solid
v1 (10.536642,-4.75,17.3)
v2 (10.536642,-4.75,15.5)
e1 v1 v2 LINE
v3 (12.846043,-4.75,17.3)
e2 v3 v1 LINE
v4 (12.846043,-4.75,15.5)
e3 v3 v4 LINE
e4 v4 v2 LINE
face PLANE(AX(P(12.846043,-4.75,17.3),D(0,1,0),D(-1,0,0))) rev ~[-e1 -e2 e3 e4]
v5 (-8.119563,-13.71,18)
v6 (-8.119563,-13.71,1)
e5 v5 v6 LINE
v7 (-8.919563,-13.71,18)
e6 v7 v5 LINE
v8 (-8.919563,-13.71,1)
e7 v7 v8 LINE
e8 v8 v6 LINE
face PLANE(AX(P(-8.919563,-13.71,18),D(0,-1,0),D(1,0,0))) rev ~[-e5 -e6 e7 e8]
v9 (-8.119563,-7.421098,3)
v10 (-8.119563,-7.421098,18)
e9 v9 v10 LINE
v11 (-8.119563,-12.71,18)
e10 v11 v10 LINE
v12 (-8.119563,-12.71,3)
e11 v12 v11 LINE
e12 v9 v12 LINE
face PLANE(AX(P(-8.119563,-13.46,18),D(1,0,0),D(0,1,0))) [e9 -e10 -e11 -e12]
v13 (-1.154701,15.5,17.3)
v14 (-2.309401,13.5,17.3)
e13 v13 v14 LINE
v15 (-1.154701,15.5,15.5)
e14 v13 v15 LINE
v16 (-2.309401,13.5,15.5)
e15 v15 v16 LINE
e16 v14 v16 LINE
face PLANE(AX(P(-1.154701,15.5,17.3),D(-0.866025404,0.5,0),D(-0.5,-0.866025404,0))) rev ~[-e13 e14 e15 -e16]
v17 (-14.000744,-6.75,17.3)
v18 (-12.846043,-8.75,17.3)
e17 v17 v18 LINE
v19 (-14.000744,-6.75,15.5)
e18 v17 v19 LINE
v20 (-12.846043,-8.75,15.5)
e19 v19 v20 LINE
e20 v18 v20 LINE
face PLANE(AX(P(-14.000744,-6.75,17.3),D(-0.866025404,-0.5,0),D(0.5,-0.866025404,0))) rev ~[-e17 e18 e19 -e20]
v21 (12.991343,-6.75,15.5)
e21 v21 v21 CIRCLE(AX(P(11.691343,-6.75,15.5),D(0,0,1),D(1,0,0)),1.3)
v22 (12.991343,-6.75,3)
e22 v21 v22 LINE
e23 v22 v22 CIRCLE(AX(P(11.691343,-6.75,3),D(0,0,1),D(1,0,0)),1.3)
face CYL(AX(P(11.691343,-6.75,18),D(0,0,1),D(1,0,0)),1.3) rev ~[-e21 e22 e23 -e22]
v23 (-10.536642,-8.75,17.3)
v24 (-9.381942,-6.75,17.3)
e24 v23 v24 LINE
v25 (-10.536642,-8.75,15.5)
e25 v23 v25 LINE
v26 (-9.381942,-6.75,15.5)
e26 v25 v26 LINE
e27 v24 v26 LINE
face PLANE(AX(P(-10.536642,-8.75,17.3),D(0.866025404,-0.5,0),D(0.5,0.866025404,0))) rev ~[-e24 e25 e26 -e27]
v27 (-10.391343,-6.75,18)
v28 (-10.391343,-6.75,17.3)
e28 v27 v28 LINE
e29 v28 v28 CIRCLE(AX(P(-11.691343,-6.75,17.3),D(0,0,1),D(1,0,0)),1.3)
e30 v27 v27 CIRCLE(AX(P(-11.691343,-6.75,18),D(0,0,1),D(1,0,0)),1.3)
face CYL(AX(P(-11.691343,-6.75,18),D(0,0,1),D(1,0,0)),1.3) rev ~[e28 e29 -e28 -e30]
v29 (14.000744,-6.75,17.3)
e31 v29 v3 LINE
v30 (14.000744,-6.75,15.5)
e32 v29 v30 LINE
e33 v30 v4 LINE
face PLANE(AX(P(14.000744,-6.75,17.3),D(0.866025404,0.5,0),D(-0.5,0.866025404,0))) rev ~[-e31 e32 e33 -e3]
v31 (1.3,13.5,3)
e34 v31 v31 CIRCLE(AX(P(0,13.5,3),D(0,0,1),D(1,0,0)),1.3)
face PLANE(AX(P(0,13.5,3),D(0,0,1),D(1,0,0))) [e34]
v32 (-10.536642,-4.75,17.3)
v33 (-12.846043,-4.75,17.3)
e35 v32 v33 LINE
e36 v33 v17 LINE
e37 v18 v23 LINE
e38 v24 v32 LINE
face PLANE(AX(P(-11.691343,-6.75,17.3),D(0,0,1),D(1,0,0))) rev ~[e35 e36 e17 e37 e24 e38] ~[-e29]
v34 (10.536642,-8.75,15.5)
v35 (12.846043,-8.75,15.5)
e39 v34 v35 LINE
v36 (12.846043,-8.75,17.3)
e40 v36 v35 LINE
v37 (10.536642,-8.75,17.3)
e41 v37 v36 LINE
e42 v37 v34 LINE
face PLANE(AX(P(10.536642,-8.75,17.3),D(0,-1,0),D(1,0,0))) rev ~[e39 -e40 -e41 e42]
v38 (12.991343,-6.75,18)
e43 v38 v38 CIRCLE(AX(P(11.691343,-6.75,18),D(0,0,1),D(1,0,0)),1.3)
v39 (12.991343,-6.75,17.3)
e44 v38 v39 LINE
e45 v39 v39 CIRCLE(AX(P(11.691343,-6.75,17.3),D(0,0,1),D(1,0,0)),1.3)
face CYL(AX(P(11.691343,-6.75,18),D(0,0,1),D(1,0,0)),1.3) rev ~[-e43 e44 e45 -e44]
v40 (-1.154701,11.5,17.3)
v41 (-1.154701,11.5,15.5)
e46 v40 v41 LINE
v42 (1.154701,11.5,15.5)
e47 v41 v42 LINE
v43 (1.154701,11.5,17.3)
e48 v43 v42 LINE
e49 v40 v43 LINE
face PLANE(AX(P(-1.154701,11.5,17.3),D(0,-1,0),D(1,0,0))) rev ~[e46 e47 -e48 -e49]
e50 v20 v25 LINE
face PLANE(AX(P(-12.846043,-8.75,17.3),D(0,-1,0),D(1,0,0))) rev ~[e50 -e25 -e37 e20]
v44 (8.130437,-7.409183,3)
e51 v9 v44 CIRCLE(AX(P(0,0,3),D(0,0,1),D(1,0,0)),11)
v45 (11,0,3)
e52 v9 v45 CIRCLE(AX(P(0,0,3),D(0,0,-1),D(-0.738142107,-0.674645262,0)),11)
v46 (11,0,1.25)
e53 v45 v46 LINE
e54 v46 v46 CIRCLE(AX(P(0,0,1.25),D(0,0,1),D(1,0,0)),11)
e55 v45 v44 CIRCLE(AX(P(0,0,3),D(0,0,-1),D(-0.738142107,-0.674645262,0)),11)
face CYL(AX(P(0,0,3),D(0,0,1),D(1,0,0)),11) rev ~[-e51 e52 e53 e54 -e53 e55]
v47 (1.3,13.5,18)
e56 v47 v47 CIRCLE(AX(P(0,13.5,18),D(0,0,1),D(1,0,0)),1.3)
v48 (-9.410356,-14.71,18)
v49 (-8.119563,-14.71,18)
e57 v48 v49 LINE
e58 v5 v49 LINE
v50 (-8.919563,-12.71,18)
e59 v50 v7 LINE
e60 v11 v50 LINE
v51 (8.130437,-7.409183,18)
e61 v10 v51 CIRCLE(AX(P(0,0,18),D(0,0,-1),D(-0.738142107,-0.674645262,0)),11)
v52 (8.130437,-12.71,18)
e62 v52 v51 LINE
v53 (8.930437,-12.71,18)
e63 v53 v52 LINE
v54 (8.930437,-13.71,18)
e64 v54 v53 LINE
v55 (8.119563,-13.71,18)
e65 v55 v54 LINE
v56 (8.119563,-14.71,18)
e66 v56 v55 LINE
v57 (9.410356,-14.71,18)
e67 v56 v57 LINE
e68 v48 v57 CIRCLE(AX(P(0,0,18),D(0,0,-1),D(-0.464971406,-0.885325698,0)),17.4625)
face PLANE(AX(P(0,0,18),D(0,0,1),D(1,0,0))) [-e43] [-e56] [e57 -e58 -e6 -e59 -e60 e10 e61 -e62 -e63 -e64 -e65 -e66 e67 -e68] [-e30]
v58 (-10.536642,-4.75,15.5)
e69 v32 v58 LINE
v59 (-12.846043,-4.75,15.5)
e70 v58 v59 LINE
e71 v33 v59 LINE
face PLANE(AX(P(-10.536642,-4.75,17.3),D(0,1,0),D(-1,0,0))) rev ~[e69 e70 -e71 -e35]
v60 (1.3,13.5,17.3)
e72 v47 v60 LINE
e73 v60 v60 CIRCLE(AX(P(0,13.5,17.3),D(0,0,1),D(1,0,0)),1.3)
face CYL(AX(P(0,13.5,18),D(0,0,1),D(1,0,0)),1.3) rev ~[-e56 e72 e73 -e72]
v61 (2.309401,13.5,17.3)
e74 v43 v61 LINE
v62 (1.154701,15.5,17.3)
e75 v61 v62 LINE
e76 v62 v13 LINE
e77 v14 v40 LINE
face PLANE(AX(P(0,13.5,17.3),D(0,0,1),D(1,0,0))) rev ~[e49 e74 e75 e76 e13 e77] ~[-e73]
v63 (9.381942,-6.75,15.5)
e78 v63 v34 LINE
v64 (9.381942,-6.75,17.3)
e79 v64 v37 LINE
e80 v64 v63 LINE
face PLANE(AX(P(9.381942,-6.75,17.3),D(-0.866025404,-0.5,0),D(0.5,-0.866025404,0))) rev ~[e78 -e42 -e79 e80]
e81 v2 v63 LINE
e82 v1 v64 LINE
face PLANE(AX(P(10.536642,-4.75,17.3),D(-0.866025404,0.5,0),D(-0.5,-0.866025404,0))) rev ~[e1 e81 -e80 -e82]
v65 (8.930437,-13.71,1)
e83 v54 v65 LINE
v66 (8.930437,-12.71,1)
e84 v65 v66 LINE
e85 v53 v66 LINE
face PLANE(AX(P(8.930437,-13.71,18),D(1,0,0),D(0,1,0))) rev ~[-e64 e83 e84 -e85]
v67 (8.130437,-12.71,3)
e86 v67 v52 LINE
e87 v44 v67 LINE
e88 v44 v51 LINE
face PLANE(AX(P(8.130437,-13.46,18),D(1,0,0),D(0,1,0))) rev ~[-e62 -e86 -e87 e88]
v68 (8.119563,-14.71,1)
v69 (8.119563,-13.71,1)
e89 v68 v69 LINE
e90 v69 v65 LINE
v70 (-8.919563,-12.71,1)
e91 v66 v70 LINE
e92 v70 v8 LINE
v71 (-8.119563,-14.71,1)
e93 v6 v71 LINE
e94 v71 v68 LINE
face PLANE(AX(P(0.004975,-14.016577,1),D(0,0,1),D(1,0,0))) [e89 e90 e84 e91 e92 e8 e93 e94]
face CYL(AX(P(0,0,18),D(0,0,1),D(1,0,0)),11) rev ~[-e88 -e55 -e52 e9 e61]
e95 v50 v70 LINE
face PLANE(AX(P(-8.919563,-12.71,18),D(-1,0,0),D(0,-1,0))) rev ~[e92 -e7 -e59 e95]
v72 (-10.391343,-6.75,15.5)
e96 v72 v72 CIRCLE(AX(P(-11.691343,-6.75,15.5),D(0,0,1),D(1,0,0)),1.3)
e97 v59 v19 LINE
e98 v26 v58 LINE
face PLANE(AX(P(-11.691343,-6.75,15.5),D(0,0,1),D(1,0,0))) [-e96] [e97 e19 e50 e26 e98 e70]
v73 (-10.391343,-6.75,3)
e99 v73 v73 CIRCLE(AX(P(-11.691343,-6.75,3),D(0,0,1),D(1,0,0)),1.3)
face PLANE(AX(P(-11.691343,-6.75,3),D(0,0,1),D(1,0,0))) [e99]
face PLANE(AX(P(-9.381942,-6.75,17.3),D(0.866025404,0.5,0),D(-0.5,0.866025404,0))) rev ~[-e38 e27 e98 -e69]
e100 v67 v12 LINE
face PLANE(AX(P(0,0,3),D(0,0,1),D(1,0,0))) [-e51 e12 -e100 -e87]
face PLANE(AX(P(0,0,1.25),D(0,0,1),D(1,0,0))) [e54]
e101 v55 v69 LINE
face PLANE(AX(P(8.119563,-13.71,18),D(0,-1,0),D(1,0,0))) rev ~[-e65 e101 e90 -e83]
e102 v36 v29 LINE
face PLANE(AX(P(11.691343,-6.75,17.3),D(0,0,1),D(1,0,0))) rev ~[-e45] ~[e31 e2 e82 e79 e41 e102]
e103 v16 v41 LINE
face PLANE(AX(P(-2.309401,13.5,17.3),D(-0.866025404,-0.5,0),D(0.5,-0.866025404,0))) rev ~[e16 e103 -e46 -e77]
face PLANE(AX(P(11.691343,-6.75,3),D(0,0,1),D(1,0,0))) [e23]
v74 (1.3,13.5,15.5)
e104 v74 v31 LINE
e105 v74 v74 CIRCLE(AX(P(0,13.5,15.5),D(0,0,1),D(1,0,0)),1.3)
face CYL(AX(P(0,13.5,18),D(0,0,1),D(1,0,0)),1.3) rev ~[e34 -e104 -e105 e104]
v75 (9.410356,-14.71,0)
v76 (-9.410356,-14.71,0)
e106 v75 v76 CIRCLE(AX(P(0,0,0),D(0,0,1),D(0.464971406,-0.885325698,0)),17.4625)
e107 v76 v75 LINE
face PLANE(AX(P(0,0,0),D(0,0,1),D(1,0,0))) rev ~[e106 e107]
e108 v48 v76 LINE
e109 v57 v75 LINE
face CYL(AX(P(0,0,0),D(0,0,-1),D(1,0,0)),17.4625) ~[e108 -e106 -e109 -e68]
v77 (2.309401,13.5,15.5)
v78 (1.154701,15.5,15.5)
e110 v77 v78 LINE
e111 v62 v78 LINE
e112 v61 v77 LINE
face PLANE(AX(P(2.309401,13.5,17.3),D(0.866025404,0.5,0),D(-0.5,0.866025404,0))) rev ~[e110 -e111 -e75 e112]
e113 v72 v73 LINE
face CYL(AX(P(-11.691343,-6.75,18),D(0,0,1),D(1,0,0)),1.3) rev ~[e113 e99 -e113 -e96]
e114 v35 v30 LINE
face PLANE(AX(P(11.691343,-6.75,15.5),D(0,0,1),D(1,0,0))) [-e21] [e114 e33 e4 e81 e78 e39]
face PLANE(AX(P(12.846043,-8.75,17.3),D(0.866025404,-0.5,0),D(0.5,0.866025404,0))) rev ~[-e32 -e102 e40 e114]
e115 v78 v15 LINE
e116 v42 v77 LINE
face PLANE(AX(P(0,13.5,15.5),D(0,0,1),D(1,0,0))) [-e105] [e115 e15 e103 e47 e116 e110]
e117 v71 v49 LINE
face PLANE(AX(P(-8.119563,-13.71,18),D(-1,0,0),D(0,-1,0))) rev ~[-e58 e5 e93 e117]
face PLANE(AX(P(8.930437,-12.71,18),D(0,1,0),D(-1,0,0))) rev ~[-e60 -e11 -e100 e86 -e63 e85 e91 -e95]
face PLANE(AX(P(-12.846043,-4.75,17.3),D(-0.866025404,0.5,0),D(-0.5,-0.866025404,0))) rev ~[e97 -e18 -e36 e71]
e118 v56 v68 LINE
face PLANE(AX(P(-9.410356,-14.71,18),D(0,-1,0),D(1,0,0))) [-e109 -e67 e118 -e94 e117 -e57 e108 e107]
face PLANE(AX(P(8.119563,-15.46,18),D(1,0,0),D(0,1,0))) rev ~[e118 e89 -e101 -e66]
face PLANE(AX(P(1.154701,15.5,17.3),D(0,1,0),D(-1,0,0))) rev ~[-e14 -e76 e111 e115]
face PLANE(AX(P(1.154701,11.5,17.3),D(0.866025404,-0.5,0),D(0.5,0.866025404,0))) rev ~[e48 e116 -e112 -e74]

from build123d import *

# Parameters (mm, degrees)
SKETCH2_R           = 17.4625
BOSS_EXTRUDE1_DEPTH = 18
SKETCH13_R          = 1.3
CUT_EXTRUDE6_DEPTH  = 15
SKETCH16_R          = 11
CUT_EXTRUDE9_DEPTH  = 15
CUT_EXTRUDE11_DEPTH = 22
SKETCH21_W          = 16.25
SKETCH21_H          = 2.78436417
CUT_EXTRUDE12_DEPTH = 31.559414466
CUT_EXTRUDE13_REACH = 32.559
SKETCH24_W          = 16.25
SKETCH24_H          = 6.70136321
CUT_EXTRUDE14_DEPTH = 17
SKETCH27_W          = 18.82071266
SKETCH27_H          = 0.75
CUT_EXTRUDE15_DEPTH = 31.559414466
CUT_EXTRUDE16_START = 14.3
CUT_EXTRUDE16_DEPTH = 1.8
SKETCH29_R          = 11
CUT_EXTRUDE17_DEPTH = 1.75


with BuildPart() as part:
    # Sketch2 → Boss-Extrude1 (new body)
    with BuildSketch(Plane.XY):
        Circle(SKETCH2_R)
    extrude(amount=BOSS_EXTRUDE1_DEPTH)

    # Sketch13 → Cut-Extrude6 (cut)
    with BuildSketch(Plane.XY.offset(18)):
        with Locations((0, 13.5)):
            Circle(SKETCH13_R)
        with Locations((11.691342951, -6.75)):
            Circle(SKETCH13_R)
        with Locations((-11.691342951, -6.75)):
            Circle(SKETCH13_R)
    extrude(amount=-CUT_EXTRUDE6_DEPTH, mode=Mode.SUBTRACT)

    # Sketch16 → Cut-Extrude9 (cut)
    with BuildSketch(Plane.XY.offset(18)):
        Circle(SKETCH16_R)
    extrude(amount=-CUT_EXTRUDE9_DEPTH, mode=Mode.SUBTRACT)

    # Sketch20 → Cut-Extrude11 (cut)
    with BuildSketch(Plane(origin=(5.95728493, 0, -11.08430825), x_dir=(0, 0, 1), z_dir=(0, 1, 0))):
        Polygon((16.52930825, -11.021800725), (16.52930825, -6.906800725), (14.92930825, -6.906800725), (14.92930825, -4.926800725), (16.52930825, -4.926800725), (16.52930825, -0.811800725), (18.05430825, -0.811800725), (18.05430825, 1.028199275), (22.11430825, 1.028199275), (22.11430825, -0.811800725), (23.63930825, -0.811800725), (23.63930825, -11.021800725), (22.11430825, -11.021800725), (22.11430825, -12.861800725), (18.05430825, -12.861800725), (18.05430825, -11.021800725), align=None)
    extrude(amount=-CUT_EXTRUDE11_DEPTH, mode=Mode.SUBTRACT)

    # Sketch21 → Cut-Extrude12 (cut, through all)
    with BuildSketch(Plane.XY.offset(18)):
        with Locations((0, -16.852182085)):
            Rectangle(SKETCH21_W, SKETCH21_H)
    extrude(amount=-CUT_EXTRUDE12_DEPTH, mode=Mode.SUBTRACT)

    # Cut-Extrude13: up to this face of the body (flat: up to its plane)
    cut_extrude13_end = Plane(part.part.faces().sort_by_distance((0, 0, 3))[0])
    # Sketch24 → Cut-Extrude13 (cut, up to the picked face)
    with BuildSketch(Plane.XY.offset(18), mode=Mode.PRIVATE) as cut_extrude13_sk1:
        with Locations((0.005436819, -10.109318395)):
            Rectangle(SKETCH24_W, SKETCH24_H)
    cut_extrude13_tool1 = split(extrude(cut_extrude13_sk1.sketch, amount=-CUT_EXTRUDE13_REACH, mode=Mode.PRIVATE), bisect_by=cut_extrude13_end, keep=Keep.BOTH, mode=Mode.PRIVATE)
    add(cut_extrude13_tool1.solids().sort_by(Axis((0.005437, -10.109318, 18), (0, 0, -1)))[0], mode=Mode.SUBTRACT)

    # Sketch26 → Cut-Extrude14 (cut)
    with BuildSketch(Plane.XY.offset(18)):
        Polygon((-8.119563181, -13.71), (-8.119563181, -15.46), (8.119563181, -15.46), (8.119563181, -13.71), (8.930436819, -13.71), (8.930436819, -12.71), (-8.919563181, -12.71), (-8.919563181, -13.71), align=None)
    extrude(amount=-CUT_EXTRUDE14_DEPTH, mode=Mode.SUBTRACT)

    # Sketch27 → Cut-Extrude15 (cut, through all)
    with BuildSketch(Plane.XY.offset(18)):
        with Locations((0, -15.085)):
            Rectangle(SKETCH27_W, SKETCH27_H)
    extrude(amount=-CUT_EXTRUDE15_DEPTH, mode=Mode.SUBTRACT)

    # Sketch28 → Cut-Extrude16 (cut)
    with BuildSketch(Plane.XY.offset(3).offset(CUT_EXTRUDE16_START)):
        Polygon((2.309401077, 13.5), (1.154700538, 15.5), (-1.154700538, 15.5), (-2.309401077, 13.5), (-1.154700538, 11.5), (1.154700538, 11.5), align=None)
        Polygon((-9.381941874, -6.75), (-10.536642413, -4.75), (-12.846043489, -4.75), (-14.000744028, -6.75), (-12.846043489, -8.75), (-10.536642413, -8.75), align=None)
        Polygon((14.000744028, -6.75), (12.846043489, -4.75), (10.536642413, -4.75), (9.381941874, -6.75), (10.536642413, -8.75), (12.846043489, -8.75), align=None)
    extrude(amount=-CUT_EXTRUDE16_DEPTH, mode=Mode.SUBTRACT)

    # Sketch29 → Cut-Extrude17 (cut)
    with BuildSketch(Plane.XY.offset(3)):
        Circle(SKETCH29_R)
    extrude(amount=-CUT_EXTRUDE17_DEPTH, mode=Mode.SUBTRACT)


solid = part.part
